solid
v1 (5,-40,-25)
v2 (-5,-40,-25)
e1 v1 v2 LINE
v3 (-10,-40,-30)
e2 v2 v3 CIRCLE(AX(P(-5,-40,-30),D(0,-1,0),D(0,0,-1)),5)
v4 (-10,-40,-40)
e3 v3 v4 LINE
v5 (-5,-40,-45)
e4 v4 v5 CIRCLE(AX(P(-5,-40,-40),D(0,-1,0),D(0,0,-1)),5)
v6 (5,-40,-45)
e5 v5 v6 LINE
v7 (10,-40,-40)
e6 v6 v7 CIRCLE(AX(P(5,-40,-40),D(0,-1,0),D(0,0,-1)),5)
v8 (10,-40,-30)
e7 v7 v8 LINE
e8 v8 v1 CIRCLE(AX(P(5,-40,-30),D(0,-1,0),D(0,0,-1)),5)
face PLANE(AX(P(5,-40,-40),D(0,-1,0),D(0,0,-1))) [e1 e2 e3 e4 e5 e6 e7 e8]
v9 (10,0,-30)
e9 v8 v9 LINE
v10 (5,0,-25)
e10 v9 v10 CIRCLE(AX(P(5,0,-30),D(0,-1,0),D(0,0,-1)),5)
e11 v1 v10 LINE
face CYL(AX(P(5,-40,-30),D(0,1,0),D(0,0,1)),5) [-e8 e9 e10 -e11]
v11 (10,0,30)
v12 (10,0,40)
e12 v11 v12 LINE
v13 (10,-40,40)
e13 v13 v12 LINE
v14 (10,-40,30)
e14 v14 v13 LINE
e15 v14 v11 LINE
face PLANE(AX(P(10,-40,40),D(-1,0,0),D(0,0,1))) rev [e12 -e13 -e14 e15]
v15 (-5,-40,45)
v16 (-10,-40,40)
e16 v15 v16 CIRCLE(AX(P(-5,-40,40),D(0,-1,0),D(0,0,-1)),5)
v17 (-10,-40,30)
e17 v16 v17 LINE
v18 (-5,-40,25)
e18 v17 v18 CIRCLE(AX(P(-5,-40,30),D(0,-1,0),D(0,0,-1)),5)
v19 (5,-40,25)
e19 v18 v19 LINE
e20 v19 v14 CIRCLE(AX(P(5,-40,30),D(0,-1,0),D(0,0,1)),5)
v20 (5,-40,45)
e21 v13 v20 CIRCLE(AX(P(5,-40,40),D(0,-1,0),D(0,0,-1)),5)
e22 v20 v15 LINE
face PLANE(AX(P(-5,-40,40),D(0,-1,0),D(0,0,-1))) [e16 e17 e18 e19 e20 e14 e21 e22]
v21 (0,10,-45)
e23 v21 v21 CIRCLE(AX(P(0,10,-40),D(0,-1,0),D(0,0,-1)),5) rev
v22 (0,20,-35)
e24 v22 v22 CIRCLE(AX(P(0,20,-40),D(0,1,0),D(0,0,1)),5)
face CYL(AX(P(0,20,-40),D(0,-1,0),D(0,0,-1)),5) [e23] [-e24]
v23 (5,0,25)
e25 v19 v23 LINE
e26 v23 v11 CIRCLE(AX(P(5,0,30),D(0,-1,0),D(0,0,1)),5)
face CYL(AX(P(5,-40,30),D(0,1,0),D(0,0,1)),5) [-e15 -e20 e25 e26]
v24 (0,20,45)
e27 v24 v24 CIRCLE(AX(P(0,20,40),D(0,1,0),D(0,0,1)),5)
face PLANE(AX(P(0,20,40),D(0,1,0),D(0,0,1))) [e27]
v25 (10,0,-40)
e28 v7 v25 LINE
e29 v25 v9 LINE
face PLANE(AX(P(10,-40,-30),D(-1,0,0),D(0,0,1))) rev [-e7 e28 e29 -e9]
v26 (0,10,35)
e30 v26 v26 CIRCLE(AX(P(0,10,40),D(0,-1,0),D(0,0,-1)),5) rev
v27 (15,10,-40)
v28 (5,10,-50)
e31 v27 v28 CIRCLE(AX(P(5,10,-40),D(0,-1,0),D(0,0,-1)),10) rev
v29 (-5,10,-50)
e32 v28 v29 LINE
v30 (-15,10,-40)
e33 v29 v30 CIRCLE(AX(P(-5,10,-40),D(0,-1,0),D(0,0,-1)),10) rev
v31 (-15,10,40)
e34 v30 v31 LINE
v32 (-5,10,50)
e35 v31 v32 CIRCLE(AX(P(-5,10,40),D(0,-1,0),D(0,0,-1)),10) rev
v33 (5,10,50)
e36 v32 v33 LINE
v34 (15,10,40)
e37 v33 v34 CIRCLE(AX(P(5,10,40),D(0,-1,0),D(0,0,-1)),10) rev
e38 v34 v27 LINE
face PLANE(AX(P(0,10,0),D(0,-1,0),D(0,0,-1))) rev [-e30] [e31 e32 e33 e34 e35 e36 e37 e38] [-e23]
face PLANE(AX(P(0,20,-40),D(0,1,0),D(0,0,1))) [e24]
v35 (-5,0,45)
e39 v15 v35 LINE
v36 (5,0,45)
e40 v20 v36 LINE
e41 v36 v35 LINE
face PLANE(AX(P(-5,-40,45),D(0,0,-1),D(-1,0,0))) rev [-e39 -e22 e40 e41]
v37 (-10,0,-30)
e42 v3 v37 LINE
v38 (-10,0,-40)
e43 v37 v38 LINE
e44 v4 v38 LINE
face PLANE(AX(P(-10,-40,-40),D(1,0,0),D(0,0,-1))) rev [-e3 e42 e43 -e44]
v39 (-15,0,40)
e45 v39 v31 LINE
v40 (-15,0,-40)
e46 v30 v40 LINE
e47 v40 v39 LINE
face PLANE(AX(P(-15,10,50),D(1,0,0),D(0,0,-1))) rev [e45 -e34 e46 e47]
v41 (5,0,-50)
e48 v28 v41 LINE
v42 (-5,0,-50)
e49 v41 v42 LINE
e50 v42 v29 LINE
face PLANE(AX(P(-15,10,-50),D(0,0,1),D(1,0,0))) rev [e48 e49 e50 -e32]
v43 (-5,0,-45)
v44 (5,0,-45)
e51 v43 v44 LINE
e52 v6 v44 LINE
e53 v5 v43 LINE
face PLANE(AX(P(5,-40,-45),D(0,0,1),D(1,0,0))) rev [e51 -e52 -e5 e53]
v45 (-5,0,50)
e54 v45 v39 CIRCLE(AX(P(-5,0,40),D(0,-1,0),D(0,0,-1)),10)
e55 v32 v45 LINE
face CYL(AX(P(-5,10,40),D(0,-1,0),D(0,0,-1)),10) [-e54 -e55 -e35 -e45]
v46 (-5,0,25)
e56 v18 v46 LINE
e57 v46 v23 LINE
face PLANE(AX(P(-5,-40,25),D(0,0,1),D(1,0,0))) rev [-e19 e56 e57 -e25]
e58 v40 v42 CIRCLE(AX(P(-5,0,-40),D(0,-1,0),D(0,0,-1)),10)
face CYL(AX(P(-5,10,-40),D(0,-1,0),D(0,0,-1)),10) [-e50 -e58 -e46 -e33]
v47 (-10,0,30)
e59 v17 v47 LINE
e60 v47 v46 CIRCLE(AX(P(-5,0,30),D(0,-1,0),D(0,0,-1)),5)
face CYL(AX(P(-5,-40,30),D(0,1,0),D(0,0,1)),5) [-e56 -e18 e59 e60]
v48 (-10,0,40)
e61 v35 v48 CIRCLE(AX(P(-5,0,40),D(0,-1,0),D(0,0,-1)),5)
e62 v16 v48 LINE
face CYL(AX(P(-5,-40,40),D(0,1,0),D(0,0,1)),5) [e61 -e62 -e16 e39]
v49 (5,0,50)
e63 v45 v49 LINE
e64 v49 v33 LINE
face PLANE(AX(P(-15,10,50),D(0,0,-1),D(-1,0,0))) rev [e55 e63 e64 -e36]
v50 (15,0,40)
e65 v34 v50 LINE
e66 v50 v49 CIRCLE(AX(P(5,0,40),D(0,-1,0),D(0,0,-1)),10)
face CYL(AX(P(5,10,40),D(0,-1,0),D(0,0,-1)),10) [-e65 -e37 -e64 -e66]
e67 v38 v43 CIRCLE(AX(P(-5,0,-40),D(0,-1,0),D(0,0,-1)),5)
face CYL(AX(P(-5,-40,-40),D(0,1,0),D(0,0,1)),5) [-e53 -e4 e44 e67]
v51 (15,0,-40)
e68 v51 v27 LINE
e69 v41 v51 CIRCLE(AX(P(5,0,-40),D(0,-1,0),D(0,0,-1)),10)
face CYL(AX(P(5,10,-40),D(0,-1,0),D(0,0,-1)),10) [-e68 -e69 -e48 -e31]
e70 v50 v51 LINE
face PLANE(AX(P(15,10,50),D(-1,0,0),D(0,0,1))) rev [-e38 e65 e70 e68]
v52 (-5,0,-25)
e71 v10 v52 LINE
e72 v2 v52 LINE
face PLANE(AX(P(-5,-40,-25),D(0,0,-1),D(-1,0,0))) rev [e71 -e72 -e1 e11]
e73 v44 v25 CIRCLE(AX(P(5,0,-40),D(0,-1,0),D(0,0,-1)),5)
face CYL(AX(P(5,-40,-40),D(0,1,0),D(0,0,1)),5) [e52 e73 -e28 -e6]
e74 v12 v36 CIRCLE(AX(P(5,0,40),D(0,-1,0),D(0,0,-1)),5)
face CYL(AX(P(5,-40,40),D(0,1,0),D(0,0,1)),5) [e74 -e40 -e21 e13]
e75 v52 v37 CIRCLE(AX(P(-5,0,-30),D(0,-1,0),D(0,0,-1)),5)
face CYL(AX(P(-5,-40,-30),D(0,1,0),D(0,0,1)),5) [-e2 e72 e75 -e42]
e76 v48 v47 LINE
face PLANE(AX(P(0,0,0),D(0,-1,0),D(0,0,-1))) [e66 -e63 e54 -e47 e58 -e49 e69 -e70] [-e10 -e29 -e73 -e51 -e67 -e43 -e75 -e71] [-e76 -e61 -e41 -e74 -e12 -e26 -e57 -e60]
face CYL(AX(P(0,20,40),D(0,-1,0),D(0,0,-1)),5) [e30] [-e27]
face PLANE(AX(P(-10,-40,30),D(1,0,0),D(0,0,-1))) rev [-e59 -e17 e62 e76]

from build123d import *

# Parameters (mm, degrees)
SKETCH1_W           = 30
SKETCH1_H           = 100
BOSS_EXTRUDE1_DEPTH = 10
SKETCH2_R           = 5
BOSS_EXTRUDE2_DEPTH = 10
FILLET1_R           = 10
BOSS_EXTRUDE3_DEPTH = 40


with BuildPart() as part:
    # Sketch1 → Boss-Extrude1 (new body)
    with BuildSketch(Plane(origin=(0, 0, 0), x_dir=(1, 0, 0), z_dir=(0, 1, 0))):
        Rectangle(SKETCH1_W, SKETCH1_H)
    extrude(amount=BOSS_EXTRUDE1_DEPTH)

    # Sketch2 → Boss-Extrude2 (add)
    with BuildSketch(Plane(origin=(0, 10, 0), x_dir=(1, 0, 0), z_dir=(0, 1, 0))):
        with Locations(Location((0, 40, 0), (0, 0, 90))):
            Circle(SKETCH2_R)
        with Locations(Location((0, -40, 0), (0, 0, 90))):
            Circle(SKETCH2_R)
    extrude(amount=BOSS_EXTRUDE2_DEPTH)

    # Fillet1
    fillet1_edges = [part.edges().sort_by_distance(p)[0] for p in [
        (15, 5, 50),
        (-15, 5, 50),
        (-15, 5, -50),
        (15, 5, -50),
    ]]
    fillet(fillet1_edges, radius=FILLET1_R)

    # Sketch3 → Boss-Extrude3 (add)
    with BuildSketch(Plane.XZ):
        with BuildLine():
            Line((-10, 30), (-10, 40))
            ThreePointArc((-10, 40), (-8.535533906, 43.535533906), (-5, 45))
            Line((-5, 45), (5, 45))
            ThreePointArc((5, 45), (8.535533906, 43.535533906), (10, 40))
            Line((10, 40), (10, 30))
            ThreePointArc((10, 30), (8.535533906, 26.464466094), (5, 25))
            Line((5, 25), (-5, 25))
            ThreePointArc((-5, 25), (-8.535533906, 26.464466094), (-10, 30))
        make_face()
        with BuildLine():
            Line((5, -45), (-5, -45))
            ThreePointArc((-5, -45), (-8.535533906, -43.535533906), (-10, -40))
            Line((-10, -40), (-10, -30))
            ThreePointArc((-10, -30), (-8.535533906, -26.464466094), (-5, -25))
            Line((-5, -25), (5, -25))
            ThreePointArc((5, -25), (8.535533906, -26.464466094), (10, -30))
            Line((10, -30), (10, -40))
            ThreePointArc((10, -40), (8.535533906, -43.535533906), (5, -45))
        make_face()
    extrude(amount=BOSS_EXTRUDE3_DEPTH)


solid = part.part
